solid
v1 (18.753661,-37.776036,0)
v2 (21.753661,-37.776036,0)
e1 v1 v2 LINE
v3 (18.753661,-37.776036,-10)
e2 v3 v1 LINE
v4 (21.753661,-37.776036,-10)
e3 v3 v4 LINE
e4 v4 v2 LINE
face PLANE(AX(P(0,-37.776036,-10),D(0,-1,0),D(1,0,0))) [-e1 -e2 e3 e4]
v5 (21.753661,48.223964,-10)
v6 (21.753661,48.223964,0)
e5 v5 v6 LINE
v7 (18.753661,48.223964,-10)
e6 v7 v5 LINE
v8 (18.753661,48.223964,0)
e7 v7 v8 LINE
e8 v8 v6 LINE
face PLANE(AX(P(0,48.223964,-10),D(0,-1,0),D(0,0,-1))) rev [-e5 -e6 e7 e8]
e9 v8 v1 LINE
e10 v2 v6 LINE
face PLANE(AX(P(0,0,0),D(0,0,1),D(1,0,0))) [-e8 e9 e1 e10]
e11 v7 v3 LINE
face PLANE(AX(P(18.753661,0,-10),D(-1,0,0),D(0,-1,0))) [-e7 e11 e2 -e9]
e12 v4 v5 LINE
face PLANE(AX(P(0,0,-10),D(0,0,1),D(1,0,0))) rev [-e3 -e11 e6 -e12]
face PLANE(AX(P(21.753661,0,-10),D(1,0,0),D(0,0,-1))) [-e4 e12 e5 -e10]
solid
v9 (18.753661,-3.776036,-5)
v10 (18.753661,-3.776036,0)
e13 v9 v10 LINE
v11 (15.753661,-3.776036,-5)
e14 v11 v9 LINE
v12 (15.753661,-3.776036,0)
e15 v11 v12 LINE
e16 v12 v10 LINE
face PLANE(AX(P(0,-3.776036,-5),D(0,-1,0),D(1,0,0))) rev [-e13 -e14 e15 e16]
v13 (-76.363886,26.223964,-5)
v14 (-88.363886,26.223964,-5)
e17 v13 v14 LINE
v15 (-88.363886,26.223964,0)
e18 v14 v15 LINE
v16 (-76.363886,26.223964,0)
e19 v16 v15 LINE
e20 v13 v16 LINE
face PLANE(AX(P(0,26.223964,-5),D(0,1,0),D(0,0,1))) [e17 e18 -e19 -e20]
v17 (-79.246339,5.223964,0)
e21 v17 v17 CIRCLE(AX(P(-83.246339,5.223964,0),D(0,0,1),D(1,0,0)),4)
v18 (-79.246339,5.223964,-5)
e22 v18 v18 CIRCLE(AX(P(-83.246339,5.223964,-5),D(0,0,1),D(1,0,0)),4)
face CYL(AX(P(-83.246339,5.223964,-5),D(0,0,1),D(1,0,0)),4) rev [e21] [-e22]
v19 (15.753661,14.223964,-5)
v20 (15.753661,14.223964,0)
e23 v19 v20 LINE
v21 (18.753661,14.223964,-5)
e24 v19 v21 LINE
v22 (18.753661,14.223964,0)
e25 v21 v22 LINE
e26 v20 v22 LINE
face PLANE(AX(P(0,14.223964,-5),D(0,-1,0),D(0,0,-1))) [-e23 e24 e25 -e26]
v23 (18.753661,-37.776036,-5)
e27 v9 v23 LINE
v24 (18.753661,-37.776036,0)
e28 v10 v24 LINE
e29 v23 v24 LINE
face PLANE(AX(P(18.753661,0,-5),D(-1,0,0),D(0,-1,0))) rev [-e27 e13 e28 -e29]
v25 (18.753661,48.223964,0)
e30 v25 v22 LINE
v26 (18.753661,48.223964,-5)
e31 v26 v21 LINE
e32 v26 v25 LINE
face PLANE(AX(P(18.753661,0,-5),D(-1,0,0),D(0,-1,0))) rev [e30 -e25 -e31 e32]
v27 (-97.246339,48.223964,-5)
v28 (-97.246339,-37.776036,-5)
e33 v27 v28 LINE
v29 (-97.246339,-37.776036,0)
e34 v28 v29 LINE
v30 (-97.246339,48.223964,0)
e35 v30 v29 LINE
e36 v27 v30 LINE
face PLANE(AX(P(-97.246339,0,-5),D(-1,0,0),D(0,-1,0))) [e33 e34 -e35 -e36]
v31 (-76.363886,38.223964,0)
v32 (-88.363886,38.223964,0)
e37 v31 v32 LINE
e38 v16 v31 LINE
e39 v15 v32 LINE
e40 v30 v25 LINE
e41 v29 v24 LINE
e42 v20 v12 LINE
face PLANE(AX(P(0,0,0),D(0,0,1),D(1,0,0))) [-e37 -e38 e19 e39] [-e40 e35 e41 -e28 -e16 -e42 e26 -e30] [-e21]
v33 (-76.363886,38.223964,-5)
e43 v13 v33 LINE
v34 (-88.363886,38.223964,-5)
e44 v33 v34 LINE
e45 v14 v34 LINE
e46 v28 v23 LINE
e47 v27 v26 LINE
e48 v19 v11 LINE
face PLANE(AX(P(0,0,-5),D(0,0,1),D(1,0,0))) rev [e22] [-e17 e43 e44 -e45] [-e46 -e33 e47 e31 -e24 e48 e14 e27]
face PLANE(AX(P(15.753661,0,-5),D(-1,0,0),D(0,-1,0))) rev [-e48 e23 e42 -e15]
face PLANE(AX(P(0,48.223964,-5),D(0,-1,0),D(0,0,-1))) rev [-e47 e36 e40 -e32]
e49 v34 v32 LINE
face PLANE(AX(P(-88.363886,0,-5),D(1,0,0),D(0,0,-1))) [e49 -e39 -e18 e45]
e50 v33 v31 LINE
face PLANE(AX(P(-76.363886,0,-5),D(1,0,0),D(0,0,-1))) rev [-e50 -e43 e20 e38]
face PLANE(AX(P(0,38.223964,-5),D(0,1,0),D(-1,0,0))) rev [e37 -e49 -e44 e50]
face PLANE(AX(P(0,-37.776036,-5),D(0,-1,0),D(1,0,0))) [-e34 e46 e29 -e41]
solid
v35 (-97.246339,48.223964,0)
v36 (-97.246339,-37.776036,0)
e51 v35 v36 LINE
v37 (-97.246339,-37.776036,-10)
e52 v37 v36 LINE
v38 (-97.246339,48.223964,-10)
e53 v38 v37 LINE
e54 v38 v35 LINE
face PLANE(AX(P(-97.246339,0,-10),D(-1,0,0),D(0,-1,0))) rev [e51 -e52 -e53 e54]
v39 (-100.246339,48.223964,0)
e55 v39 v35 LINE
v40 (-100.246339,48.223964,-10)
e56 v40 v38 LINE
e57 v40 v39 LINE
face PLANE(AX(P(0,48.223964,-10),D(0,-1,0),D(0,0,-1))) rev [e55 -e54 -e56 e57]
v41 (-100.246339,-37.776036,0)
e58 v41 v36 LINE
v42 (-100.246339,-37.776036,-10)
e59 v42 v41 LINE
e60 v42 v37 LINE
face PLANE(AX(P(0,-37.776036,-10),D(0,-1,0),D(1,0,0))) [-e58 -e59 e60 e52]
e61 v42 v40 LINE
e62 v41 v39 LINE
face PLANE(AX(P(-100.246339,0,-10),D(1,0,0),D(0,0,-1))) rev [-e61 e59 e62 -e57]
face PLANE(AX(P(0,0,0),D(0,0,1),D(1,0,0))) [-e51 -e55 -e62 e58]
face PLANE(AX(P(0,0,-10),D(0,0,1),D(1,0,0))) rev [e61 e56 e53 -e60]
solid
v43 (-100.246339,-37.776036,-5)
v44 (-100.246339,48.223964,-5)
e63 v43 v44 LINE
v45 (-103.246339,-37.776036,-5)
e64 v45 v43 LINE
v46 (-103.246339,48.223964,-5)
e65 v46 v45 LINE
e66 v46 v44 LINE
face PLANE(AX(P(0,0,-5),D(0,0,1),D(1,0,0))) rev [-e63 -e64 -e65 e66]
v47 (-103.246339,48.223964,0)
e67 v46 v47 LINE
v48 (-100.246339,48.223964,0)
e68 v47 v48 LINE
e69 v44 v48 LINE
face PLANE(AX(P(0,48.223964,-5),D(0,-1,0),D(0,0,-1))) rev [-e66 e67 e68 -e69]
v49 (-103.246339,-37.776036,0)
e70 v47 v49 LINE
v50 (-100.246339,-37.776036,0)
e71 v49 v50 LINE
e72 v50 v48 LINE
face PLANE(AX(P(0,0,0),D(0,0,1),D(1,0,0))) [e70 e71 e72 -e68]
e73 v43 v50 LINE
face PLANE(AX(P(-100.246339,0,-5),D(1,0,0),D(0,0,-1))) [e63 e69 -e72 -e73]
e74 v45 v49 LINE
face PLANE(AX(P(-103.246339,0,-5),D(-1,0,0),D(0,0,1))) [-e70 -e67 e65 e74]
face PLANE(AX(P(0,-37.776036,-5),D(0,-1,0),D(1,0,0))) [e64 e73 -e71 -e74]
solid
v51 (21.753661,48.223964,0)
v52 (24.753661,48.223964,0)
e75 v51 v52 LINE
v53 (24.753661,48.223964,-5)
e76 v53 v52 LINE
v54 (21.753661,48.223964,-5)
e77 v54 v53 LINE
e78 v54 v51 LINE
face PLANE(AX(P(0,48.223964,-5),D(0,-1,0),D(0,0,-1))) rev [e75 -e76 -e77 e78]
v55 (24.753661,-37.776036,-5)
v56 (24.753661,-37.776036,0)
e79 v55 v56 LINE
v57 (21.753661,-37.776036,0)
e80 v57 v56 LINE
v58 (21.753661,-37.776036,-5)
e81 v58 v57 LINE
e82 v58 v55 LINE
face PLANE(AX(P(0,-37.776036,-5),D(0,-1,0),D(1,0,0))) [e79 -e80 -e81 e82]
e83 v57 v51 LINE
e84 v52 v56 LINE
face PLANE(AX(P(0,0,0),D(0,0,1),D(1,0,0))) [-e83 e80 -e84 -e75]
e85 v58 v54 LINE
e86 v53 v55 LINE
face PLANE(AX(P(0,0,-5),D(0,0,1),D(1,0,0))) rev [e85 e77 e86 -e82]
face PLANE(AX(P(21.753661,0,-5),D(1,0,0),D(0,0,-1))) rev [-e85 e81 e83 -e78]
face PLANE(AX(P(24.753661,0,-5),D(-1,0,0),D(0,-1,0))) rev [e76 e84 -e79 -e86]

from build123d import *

# Parameters (mm, degrees)
SKETCH_1_W        = 3
SKETCH_1_H        = 86
EXTRUDE_1_DEPTH   = 5
SKETCH_1_R        = 4
SKETCH_1_W_2      = 12
SKETCH_1_H_2      = 12
EXTRUDE_1_2_DEPTH = 5
EXTRUDE_1_3_DEPTH = 5
SKETCH_1_5_W      = 3
SKETCH_1_5_H      = 86
EXTRUDE_3_DEPTH   = 10
EXTRUDE_3_2_DEPTH = 10


with BuildPart() as part:
    # Эскиз1 → Бобышка-Вытянуть1 (new body)
    with BuildSketch(Plane.XY):
        with Locations((-101.746338848, 5.223963701)):
            Rectangle(SKETCH_1_W, SKETCH_1_H)
    extrude(amount=-EXTRUDE_1_DEPTH)


with BuildPart() as body_2:
    # Эскиз1 → Extrude 1 2 (new body)
    with BuildSketch(Plane.XY):
        Polygon((18.753661152, 48.223963701), (-97.246338848, 48.223963701), (-97.246338848, -37.776036299), (18.753661152, -37.776036299), (18.753661152, -3.776036299), (15.753661152, -3.776036299), (15.753661152, 14.223963701), (18.753661152, 14.223963701), align=None)
        with Locations((-83.246338848, 5.223963701)):
            Circle(SKETCH_1_R, mode=Mode.SUBTRACT)
        with Locations((-82.363885902, 32.223963701)):
            Rectangle(SKETCH_1_W_2, SKETCH_1_H_2, mode=Mode.SUBTRACT)
    extrude(amount=-EXTRUDE_1_2_DEPTH)


with BuildPart() as body_3:
    # Эскиз1 → Extrude 1 3 (new body)
    with BuildSketch(Plane.XY):
        with Locations((23.253661152, 5.223963701)):
            Rectangle(SKETCH_1_W, SKETCH_1_H)
    extrude(amount=-EXTRUDE_1_3_DEPTH)


with BuildPart() as body_4:
    # Эскиз1<5> → Бобышка-Вытянуть3 (new body)
    with BuildSketch(Plane.XY):
        with Locations((-98.746338848, 5.223963701)):
            Rectangle(SKETCH_1_5_W, SKETCH_1_5_H)
    extrude(amount=-EXTRUDE_3_DEPTH)


with BuildPart() as body_5:
    # Эскиз1<5> → Extrude 3 2 (new body)
    with BuildSketch(Plane.XY):
        with Locations((20.253661152, 5.223963701)):
            Rectangle(SKETCH_1_5_W, SKETCH_1_5_H)
    extrude(amount=-EXTRUDE_3_2_DEPTH)


solid = Compound([part.part, body_2.part, body_3.part, body_4.part, body_5.part])
